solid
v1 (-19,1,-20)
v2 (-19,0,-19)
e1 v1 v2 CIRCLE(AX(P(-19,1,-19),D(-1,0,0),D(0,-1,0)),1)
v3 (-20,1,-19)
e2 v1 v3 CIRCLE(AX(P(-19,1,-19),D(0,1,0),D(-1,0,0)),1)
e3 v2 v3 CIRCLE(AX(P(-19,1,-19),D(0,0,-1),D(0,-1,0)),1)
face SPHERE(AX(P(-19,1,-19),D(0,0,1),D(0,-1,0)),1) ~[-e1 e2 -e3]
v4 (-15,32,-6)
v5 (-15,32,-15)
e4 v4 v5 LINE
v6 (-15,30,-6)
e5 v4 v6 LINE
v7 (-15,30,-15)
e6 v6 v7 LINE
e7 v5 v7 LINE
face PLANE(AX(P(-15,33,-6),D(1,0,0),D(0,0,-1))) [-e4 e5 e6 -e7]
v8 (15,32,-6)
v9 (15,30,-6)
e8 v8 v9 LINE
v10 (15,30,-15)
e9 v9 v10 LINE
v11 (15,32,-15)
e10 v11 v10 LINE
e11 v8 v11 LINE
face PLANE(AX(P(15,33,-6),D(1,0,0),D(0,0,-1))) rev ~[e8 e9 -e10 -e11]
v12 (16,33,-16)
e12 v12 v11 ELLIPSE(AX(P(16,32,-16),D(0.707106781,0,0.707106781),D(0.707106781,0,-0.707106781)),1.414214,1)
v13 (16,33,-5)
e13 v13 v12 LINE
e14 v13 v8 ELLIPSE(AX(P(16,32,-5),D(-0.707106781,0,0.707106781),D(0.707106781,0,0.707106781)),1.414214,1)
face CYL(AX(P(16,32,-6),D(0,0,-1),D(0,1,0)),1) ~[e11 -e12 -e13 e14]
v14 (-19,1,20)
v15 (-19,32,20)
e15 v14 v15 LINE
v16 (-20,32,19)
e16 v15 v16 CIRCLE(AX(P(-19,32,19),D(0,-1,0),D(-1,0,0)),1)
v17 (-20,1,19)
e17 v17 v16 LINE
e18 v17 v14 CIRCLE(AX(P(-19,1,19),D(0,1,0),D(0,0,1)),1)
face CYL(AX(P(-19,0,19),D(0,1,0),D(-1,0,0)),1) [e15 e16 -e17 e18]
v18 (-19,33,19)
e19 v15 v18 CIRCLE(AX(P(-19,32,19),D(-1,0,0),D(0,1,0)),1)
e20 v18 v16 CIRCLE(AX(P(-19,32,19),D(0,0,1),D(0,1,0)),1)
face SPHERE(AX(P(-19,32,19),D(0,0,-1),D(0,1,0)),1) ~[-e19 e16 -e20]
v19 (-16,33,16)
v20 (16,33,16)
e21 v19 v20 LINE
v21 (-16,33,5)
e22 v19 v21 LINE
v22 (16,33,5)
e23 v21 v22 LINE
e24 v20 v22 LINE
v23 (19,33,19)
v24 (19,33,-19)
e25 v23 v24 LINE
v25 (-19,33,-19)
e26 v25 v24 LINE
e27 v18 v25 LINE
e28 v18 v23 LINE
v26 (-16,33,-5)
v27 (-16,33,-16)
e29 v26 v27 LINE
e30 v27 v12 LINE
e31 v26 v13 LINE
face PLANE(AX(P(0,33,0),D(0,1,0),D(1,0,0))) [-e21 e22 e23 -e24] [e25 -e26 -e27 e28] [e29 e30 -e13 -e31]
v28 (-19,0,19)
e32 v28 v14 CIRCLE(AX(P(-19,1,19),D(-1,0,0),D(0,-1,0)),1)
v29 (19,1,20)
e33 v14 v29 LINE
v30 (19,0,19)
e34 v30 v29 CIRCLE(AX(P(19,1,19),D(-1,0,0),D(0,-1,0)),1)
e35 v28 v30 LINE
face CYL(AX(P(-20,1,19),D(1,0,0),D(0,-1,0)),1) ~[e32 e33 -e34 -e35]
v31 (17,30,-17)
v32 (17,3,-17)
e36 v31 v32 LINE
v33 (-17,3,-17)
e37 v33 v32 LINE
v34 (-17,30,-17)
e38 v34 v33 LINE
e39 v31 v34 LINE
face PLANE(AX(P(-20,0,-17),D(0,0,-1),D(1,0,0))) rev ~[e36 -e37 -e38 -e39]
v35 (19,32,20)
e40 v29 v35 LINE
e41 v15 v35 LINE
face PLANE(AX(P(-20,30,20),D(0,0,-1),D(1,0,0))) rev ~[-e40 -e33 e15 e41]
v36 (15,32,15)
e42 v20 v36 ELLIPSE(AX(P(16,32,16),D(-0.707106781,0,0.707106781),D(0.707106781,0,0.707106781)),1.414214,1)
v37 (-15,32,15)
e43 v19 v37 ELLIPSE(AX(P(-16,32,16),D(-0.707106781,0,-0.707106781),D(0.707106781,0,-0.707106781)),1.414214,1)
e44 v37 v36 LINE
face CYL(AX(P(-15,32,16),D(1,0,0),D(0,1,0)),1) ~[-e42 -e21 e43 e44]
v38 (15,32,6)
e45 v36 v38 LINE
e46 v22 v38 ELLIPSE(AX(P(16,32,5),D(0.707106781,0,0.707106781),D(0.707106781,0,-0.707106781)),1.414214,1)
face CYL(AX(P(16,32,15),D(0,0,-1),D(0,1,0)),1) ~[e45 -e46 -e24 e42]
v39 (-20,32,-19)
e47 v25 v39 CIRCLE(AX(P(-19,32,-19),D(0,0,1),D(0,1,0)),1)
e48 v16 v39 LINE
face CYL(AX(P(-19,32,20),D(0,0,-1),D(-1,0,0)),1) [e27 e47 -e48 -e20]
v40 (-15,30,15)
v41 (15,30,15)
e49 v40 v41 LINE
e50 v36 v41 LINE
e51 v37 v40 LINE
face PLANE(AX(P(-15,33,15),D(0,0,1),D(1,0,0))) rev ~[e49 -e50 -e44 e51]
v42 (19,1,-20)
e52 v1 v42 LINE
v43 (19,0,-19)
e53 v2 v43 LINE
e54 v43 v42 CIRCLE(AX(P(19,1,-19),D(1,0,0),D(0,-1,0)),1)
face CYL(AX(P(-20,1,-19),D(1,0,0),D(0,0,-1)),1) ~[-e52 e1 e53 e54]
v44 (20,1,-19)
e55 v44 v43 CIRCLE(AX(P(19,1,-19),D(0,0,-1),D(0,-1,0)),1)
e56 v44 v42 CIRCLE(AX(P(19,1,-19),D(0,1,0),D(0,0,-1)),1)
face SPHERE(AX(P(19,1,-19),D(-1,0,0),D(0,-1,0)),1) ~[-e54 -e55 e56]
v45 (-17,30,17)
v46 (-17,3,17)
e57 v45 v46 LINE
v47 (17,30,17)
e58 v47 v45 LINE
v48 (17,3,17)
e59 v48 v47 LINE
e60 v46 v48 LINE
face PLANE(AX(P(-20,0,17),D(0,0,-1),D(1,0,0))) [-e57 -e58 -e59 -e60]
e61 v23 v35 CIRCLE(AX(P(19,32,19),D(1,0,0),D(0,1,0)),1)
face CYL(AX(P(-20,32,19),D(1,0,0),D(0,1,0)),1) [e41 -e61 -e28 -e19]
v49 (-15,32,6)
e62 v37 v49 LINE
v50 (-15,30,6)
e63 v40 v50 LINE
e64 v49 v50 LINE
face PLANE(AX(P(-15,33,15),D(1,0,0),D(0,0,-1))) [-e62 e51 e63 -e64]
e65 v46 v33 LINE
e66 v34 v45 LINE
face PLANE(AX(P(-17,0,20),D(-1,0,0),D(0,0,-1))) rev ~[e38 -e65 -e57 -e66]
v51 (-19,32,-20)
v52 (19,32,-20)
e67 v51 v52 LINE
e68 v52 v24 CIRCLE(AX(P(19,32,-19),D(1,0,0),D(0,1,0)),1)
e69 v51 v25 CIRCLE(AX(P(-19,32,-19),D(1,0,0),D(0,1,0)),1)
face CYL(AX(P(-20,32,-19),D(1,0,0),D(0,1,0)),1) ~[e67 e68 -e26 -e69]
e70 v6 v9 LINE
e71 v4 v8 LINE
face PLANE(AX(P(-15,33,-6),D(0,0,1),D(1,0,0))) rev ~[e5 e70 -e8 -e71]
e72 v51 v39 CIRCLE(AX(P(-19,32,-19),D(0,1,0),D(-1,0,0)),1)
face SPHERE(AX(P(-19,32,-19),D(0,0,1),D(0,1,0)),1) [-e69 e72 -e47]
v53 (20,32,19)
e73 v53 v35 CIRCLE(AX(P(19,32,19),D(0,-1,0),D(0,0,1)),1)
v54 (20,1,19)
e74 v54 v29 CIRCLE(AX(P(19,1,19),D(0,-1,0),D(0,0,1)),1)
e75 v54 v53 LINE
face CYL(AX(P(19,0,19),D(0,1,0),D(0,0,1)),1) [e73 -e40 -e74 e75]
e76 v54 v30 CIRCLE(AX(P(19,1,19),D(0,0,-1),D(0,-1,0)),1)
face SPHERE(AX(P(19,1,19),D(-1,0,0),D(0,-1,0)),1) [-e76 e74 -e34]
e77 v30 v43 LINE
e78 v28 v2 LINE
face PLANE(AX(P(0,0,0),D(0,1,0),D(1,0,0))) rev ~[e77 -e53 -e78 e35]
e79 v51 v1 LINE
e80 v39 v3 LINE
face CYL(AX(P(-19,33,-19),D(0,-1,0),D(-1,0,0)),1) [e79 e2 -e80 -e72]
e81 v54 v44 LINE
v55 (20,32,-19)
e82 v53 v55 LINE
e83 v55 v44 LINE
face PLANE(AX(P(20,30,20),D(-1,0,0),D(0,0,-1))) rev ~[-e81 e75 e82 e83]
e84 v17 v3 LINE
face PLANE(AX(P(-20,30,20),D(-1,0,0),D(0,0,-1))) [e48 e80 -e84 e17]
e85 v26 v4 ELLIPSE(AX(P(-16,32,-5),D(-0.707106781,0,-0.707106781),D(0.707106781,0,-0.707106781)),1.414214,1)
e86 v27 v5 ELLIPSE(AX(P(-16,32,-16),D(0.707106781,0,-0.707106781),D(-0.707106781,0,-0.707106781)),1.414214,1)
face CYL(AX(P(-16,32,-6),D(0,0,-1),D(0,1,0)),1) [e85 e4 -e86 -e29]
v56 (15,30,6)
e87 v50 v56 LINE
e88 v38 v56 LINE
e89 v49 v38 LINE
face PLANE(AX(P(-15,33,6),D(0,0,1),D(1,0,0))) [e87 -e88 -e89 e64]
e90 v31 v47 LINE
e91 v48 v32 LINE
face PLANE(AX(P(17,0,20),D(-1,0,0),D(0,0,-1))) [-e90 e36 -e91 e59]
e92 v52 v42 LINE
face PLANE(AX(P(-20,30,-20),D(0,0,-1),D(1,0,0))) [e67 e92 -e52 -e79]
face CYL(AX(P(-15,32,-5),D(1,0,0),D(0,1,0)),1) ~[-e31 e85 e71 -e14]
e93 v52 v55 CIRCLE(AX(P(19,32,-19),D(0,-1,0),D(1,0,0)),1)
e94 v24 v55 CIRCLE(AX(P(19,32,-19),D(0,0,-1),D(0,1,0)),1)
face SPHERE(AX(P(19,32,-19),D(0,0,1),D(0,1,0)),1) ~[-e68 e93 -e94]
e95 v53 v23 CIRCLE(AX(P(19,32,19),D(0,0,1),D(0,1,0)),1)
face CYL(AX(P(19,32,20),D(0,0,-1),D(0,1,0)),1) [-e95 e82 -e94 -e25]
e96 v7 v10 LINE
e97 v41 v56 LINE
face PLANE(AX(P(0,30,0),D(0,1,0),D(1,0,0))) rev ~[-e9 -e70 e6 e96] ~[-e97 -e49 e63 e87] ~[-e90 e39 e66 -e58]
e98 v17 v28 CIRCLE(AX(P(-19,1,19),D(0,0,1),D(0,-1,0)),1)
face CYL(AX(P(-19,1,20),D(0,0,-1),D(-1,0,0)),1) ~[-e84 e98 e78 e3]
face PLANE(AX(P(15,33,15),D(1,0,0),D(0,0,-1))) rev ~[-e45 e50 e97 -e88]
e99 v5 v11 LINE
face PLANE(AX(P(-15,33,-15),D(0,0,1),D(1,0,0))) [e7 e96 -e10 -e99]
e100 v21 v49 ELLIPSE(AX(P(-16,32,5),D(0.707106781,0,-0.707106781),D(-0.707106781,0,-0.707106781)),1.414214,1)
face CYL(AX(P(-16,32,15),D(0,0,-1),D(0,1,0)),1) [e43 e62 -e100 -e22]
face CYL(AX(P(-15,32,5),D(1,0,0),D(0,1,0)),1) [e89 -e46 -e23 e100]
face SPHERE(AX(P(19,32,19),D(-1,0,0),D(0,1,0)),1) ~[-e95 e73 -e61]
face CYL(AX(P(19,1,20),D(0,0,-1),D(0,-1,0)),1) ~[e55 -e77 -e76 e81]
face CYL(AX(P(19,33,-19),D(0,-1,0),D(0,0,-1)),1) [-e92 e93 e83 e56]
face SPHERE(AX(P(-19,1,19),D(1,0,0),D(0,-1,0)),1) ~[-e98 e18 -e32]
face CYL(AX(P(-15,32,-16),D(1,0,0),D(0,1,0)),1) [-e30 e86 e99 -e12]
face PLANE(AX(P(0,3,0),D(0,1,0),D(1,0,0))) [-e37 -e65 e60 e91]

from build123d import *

# Parameters (mm, degrees)
SKETCH1_W           = 40
SKETCH1_H           = 40
BOSS_EXTRUDE1_DEPTH = 30
SHELL1_T            = -3
SKETCH2_W           = 40
SKETCH2_H           = 40
BOSS_EXTRUDE2_DEPTH = 3
SKETCH3_W           = 30
SKETCH3_H           = 9
CUT_EXTRUDE1_DEPTH  = 3
FILLET1_R           = 1


with BuildPart() as part:
    # Sketch1 → Boss-Extrude1 (new body)
    with BuildSketch(Plane(origin=(0, 0, 0), x_dir=(1, 0, 0), z_dir=(0, 1, 0))):
        Rectangle(SKETCH1_W, SKETCH1_H)
    extrude(amount=BOSS_EXTRUDE1_DEPTH)

    # Shell1
    shell1_openings = [part.faces().sort_by_distance(p)[0] for p in [
        (0, 30, 0),
    ]]
    offset(amount=SHELL1_T, openings=shell1_openings, kind=Kind.INTERSECTION)

    # Sketch2 → Boss-Extrude2 (add)
    with BuildSketch(Plane(origin=(0, 30, 0), x_dir=(1, 0, 0), z_dir=(0, 1, 0))):
        Rectangle(SKETCH2_W, SKETCH2_H)
    extrude(amount=BOSS_EXTRUDE2_DEPTH)

    # Sketch3 → Cut-Extrude1 (cut)
    with BuildSketch(Plane(origin=(0, 33, 0), x_dir=(1, 0, 0), z_dir=(0, 1, 0))):
        with Locations((0, -10.5)):
            Rectangle(SKETCH3_W, SKETCH3_H)
        with Locations((0, 10.5)):
            Rectangle(SKETCH3_W, SKETCH3_H)
    extrude(amount=-CUT_EXTRUDE1_DEPTH, mode=Mode.SUBTRACT)

    # Fillet1
    fillet1_edges = [part.edges().sort_by_distance(p)[0] for p in [
        (-20, 33, 0),
        (0, 33, 20),
        (20, 33, 0),
        (0, 33, -20),
        (0, 0, 20),
        (-15, 33, 10.5),
        (0, 33, 15),
        (15, 33, 10.5),
        (0, 33, 6),
        (-20, 0, 0),
        (-15, 33, -10.5),
        (0, 33, -6),
        (15, 33, -10.5),
        (0, 0, -20),
        (0, 33, -15),
        (20, 0, 0),
        (20, 16.5, 20),
        (-20, 16.5, 20),
        (-20, 16.5, -20),
        (20, 16.5, -20),
    ]]
    fillet(fillet1_edges, radius=FILLET1_R)


solid = part.part
